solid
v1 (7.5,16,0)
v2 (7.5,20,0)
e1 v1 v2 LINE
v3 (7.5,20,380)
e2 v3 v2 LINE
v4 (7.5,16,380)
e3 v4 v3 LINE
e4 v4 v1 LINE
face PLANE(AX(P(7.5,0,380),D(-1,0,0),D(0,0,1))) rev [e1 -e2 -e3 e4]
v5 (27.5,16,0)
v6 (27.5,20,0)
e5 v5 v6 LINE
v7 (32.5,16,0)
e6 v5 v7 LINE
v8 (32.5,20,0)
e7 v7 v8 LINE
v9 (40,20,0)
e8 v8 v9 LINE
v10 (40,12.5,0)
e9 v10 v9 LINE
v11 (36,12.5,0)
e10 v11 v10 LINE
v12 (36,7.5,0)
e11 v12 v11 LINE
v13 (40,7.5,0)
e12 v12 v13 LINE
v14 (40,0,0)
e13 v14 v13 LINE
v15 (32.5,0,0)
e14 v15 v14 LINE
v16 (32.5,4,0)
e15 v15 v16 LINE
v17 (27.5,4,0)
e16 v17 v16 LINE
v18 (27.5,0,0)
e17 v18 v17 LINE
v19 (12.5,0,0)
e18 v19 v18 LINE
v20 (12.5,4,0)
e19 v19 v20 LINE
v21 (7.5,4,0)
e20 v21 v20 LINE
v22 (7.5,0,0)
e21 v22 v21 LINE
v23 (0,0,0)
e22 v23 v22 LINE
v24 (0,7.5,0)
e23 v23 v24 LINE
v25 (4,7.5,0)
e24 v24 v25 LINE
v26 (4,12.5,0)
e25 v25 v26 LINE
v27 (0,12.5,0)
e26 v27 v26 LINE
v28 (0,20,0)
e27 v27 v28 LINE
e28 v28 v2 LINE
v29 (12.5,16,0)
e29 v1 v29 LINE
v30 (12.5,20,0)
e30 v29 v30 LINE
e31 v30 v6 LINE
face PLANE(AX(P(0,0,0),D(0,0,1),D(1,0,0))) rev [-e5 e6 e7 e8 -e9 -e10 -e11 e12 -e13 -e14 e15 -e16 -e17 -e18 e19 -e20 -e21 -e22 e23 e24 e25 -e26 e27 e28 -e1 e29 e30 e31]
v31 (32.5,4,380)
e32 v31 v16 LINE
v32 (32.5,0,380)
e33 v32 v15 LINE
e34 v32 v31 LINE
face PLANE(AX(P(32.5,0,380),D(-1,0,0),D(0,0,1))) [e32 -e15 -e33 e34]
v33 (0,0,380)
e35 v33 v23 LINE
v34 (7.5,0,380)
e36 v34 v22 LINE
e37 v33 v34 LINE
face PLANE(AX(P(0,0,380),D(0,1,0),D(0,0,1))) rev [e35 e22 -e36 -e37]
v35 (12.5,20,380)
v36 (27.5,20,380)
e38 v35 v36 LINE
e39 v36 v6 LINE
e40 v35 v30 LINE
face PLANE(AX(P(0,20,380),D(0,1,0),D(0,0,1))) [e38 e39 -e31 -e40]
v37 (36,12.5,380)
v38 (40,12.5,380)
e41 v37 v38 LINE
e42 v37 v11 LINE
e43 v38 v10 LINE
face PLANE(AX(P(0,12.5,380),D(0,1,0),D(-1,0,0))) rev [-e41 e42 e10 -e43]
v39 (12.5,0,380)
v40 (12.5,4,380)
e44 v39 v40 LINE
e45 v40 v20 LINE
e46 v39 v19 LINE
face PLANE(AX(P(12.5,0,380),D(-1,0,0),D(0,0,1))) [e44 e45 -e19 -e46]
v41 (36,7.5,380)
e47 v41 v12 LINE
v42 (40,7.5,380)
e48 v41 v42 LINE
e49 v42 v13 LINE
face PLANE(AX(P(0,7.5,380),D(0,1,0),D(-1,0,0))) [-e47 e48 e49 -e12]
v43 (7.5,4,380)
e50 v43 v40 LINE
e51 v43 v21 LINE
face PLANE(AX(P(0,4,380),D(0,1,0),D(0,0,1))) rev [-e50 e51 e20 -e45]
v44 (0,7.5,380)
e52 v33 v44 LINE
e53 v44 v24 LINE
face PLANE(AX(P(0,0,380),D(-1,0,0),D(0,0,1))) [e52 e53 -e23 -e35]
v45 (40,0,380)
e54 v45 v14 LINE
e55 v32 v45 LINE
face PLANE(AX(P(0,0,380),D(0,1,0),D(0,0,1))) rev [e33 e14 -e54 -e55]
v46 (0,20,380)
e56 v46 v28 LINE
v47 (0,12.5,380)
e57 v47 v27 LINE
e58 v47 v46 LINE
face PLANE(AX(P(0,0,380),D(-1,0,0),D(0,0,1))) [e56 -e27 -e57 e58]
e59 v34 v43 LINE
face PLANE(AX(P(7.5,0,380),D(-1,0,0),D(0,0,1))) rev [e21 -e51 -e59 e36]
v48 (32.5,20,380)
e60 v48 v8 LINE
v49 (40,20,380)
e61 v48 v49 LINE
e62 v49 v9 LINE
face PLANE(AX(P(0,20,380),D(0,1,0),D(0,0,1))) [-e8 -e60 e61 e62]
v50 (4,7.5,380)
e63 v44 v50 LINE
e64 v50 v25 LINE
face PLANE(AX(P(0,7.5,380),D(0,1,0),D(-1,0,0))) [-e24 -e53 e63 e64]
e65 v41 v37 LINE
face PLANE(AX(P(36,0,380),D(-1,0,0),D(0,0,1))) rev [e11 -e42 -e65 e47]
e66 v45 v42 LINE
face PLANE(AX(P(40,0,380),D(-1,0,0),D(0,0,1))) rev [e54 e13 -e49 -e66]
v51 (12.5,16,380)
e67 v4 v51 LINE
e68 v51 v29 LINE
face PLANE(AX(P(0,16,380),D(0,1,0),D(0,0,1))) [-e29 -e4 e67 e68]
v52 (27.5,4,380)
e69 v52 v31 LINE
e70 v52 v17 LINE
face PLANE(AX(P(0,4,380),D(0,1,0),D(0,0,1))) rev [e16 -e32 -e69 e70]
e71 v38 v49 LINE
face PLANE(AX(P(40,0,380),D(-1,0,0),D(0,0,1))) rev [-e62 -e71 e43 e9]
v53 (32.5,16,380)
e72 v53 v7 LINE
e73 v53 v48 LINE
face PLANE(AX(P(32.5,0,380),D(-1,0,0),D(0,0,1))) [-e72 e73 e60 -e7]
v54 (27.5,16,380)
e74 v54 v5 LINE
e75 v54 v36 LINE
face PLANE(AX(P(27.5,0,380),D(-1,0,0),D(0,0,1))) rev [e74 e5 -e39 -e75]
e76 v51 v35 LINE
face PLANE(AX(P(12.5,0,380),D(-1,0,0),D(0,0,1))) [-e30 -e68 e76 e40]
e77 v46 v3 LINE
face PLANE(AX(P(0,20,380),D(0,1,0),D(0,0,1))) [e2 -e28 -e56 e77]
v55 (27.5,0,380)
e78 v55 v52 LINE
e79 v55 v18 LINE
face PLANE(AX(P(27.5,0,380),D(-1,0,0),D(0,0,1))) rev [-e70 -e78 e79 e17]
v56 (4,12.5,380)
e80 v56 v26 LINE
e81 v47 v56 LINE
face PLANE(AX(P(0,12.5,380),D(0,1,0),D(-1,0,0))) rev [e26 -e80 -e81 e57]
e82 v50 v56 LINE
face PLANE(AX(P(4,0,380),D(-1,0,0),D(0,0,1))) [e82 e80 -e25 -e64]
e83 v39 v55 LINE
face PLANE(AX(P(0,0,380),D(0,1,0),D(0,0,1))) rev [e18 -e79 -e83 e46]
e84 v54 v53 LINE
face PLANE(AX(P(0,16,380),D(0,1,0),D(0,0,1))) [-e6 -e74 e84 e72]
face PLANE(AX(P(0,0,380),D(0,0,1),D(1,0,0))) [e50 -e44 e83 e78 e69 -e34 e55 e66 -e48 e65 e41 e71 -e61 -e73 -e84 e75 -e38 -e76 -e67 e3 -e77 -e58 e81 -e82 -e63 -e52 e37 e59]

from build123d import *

# Parameters (mm, degrees)
ESQUISSE1_W        = 3.5
ESQUISSE1_H        = 5
ESQUISSE1_W_2      = 5
ESQUISSE1_H_2      = 3.5
ESQUISSE1_W_3      = 4
BOSS_EXTRU_1_DEPTH = 380


with BuildPart() as part:
    # Esquisse1 → Boss.-Extru.1 (new body)
    with BuildSketch(Plane.XY):
        Polygon((7.5, 16), (7.5, 20), (0, 20), (4, 16), align=None)
        Polygon((4, 16), (0, 20), (0, 12.5), (4, 12.5), align=None)
        Polygon((4, 7.5), (0, 7.5), (0, 0), (4, 4), align=None)
        Polygon((0, 0), (7.5, 0), (7.5, 4), (4, 4), align=None)
        Polygon((4, 4), (7.5, 7.5), (4, 7.5), align=None)
        Polygon((7.5, 4), (7.5, 7.5), (4, 4), align=None)
        Polygon((4, 12.5), (7.5, 12.5), (4, 16), align=None)
        Polygon((7.5, 12.5), (7.5, 16), (4, 16), align=None)
        with Locations((5.75, 10)):
            Rectangle(ESQUISSE1_W, ESQUISSE1_H)
        Polygon((7.5, 7.5), (10, 10), (7.5, 12.5), align=None)
        Polygon((10, 10), (12.5, 12.5), (7.5, 12.5), align=None)
        Polygon((12.5, 7.5), (12.5, 12.5), (10, 10), align=None)
        Polygon((12.5, 7.5), (10, 10), (7.5, 7.5), align=None)
        Polygon((16, 4), (12.5, 7.5), (12.5, 4), align=None)
        Polygon((16, 4), (16, 7.5), (12.5, 7.5), align=None)
        Polygon((20, 0), (20, 7.5), (16, 7.5), (16, 4), align=None)
        with Locations((10, 14.25)):
            Rectangle(ESQUISSE1_W_2, ESQUISSE1_H_2)
        with Locations((14.25, 10)):
            Rectangle(ESQUISSE1_W, ESQUISSE1_H)
        Polygon((12.5, 12.5), (16, 16), (12.5, 16), align=None)
        Polygon((16, 16), (20, 20), (12.5, 20), (12.5, 16), align=None)
        Polygon((16, 12.5), (16, 16), (12.5, 12.5), align=None)
        Polygon((20, 12.5), (20, 20), (16, 16), (16, 12.5), align=None)
        Polygon((12.5, 0), (20, 0), (16, 4), (12.5, 4), align=None)
        with Locations((10, 5.75)):
            Rectangle(ESQUISSE1_W_2, ESQUISSE1_H_2)
        with Locations((18, 10)):
            Rectangle(ESQUISSE1_W_3, ESQUISSE1_H)
        with Locations((22, 10)):
            Rectangle(ESQUISSE1_W_3, ESQUISSE1_H)
        Polygon((24, 16), (20, 20), (20, 12.5), (24, 12.5), align=None)
        Polygon((27.5, 20), (20, 20), (24, 16), (27.5, 16), align=None)
        Polygon((27.5, 12.5), (24, 16), (24, 12.5), align=None)
        Polygon((27.5, 16), (24, 16), (27.5, 12.5), align=None)
        with Locations((25.75, 10)):
            Rectangle(ESQUISSE1_W, ESQUISSE1_H)
        Polygon((27.5, 7.5), (24, 7.5), (24, 4), align=None)
        Polygon((24, 7.5), (20, 7.5), (20, 0), (24, 4), align=None)
        Polygon((24, 4), (20, 0), (27.5, 0), (27.5, 4), align=None)
        Polygon((27.5, 4), (27.5, 7.5), (24, 4), align=None)
        with Locations((30, 5.75)):
            Rectangle(ESQUISSE1_W_2, ESQUISSE1_H_2)
        Polygon((36, 4), (32.5, 7.5), (32.5, 4), align=None)
        Polygon((36, 7.5), (32.5, 7.5), (36, 4), align=None)
        Polygon((40, 0), (40, 7.5), (36, 7.5), (36, 4), align=None)
        Polygon((32.5, 4), (32.5, 0), (40, 0), (36, 4), align=None)
        with Locations((34.25, 10)):
            Rectangle(ESQUISSE1_W, ESQUISSE1_H)
        Polygon((32.5, 12.5), (30, 10), (32.5, 7.5), align=None)
        Polygon((32.5, 7.5), (30, 10), (27.5, 7.5), align=None)
        Polygon((30, 10), (27.5, 12.5), (27.5, 7.5), align=None)
        Polygon((32.5, 12.5), (27.5, 12.5), (30, 10), align=None)
        Polygon((36, 16), (32.5, 12.5), (36, 12.5), align=None)
        Polygon((36, 16), (32.5, 16), (32.5, 12.5), align=None)
        Polygon((40, 20), (32.5, 20), (32.5, 16), (36, 16), align=None)
        Polygon((40, 12.5), (40, 20), (36, 16), (36, 12.5), align=None)
        with Locations((30, 14.25)):
            Rectangle(ESQUISSE1_W_2, ESQUISSE1_H_2)
    extrude(amount=BOSS_EXTRU_1_DEPTH)


solid = part.part
